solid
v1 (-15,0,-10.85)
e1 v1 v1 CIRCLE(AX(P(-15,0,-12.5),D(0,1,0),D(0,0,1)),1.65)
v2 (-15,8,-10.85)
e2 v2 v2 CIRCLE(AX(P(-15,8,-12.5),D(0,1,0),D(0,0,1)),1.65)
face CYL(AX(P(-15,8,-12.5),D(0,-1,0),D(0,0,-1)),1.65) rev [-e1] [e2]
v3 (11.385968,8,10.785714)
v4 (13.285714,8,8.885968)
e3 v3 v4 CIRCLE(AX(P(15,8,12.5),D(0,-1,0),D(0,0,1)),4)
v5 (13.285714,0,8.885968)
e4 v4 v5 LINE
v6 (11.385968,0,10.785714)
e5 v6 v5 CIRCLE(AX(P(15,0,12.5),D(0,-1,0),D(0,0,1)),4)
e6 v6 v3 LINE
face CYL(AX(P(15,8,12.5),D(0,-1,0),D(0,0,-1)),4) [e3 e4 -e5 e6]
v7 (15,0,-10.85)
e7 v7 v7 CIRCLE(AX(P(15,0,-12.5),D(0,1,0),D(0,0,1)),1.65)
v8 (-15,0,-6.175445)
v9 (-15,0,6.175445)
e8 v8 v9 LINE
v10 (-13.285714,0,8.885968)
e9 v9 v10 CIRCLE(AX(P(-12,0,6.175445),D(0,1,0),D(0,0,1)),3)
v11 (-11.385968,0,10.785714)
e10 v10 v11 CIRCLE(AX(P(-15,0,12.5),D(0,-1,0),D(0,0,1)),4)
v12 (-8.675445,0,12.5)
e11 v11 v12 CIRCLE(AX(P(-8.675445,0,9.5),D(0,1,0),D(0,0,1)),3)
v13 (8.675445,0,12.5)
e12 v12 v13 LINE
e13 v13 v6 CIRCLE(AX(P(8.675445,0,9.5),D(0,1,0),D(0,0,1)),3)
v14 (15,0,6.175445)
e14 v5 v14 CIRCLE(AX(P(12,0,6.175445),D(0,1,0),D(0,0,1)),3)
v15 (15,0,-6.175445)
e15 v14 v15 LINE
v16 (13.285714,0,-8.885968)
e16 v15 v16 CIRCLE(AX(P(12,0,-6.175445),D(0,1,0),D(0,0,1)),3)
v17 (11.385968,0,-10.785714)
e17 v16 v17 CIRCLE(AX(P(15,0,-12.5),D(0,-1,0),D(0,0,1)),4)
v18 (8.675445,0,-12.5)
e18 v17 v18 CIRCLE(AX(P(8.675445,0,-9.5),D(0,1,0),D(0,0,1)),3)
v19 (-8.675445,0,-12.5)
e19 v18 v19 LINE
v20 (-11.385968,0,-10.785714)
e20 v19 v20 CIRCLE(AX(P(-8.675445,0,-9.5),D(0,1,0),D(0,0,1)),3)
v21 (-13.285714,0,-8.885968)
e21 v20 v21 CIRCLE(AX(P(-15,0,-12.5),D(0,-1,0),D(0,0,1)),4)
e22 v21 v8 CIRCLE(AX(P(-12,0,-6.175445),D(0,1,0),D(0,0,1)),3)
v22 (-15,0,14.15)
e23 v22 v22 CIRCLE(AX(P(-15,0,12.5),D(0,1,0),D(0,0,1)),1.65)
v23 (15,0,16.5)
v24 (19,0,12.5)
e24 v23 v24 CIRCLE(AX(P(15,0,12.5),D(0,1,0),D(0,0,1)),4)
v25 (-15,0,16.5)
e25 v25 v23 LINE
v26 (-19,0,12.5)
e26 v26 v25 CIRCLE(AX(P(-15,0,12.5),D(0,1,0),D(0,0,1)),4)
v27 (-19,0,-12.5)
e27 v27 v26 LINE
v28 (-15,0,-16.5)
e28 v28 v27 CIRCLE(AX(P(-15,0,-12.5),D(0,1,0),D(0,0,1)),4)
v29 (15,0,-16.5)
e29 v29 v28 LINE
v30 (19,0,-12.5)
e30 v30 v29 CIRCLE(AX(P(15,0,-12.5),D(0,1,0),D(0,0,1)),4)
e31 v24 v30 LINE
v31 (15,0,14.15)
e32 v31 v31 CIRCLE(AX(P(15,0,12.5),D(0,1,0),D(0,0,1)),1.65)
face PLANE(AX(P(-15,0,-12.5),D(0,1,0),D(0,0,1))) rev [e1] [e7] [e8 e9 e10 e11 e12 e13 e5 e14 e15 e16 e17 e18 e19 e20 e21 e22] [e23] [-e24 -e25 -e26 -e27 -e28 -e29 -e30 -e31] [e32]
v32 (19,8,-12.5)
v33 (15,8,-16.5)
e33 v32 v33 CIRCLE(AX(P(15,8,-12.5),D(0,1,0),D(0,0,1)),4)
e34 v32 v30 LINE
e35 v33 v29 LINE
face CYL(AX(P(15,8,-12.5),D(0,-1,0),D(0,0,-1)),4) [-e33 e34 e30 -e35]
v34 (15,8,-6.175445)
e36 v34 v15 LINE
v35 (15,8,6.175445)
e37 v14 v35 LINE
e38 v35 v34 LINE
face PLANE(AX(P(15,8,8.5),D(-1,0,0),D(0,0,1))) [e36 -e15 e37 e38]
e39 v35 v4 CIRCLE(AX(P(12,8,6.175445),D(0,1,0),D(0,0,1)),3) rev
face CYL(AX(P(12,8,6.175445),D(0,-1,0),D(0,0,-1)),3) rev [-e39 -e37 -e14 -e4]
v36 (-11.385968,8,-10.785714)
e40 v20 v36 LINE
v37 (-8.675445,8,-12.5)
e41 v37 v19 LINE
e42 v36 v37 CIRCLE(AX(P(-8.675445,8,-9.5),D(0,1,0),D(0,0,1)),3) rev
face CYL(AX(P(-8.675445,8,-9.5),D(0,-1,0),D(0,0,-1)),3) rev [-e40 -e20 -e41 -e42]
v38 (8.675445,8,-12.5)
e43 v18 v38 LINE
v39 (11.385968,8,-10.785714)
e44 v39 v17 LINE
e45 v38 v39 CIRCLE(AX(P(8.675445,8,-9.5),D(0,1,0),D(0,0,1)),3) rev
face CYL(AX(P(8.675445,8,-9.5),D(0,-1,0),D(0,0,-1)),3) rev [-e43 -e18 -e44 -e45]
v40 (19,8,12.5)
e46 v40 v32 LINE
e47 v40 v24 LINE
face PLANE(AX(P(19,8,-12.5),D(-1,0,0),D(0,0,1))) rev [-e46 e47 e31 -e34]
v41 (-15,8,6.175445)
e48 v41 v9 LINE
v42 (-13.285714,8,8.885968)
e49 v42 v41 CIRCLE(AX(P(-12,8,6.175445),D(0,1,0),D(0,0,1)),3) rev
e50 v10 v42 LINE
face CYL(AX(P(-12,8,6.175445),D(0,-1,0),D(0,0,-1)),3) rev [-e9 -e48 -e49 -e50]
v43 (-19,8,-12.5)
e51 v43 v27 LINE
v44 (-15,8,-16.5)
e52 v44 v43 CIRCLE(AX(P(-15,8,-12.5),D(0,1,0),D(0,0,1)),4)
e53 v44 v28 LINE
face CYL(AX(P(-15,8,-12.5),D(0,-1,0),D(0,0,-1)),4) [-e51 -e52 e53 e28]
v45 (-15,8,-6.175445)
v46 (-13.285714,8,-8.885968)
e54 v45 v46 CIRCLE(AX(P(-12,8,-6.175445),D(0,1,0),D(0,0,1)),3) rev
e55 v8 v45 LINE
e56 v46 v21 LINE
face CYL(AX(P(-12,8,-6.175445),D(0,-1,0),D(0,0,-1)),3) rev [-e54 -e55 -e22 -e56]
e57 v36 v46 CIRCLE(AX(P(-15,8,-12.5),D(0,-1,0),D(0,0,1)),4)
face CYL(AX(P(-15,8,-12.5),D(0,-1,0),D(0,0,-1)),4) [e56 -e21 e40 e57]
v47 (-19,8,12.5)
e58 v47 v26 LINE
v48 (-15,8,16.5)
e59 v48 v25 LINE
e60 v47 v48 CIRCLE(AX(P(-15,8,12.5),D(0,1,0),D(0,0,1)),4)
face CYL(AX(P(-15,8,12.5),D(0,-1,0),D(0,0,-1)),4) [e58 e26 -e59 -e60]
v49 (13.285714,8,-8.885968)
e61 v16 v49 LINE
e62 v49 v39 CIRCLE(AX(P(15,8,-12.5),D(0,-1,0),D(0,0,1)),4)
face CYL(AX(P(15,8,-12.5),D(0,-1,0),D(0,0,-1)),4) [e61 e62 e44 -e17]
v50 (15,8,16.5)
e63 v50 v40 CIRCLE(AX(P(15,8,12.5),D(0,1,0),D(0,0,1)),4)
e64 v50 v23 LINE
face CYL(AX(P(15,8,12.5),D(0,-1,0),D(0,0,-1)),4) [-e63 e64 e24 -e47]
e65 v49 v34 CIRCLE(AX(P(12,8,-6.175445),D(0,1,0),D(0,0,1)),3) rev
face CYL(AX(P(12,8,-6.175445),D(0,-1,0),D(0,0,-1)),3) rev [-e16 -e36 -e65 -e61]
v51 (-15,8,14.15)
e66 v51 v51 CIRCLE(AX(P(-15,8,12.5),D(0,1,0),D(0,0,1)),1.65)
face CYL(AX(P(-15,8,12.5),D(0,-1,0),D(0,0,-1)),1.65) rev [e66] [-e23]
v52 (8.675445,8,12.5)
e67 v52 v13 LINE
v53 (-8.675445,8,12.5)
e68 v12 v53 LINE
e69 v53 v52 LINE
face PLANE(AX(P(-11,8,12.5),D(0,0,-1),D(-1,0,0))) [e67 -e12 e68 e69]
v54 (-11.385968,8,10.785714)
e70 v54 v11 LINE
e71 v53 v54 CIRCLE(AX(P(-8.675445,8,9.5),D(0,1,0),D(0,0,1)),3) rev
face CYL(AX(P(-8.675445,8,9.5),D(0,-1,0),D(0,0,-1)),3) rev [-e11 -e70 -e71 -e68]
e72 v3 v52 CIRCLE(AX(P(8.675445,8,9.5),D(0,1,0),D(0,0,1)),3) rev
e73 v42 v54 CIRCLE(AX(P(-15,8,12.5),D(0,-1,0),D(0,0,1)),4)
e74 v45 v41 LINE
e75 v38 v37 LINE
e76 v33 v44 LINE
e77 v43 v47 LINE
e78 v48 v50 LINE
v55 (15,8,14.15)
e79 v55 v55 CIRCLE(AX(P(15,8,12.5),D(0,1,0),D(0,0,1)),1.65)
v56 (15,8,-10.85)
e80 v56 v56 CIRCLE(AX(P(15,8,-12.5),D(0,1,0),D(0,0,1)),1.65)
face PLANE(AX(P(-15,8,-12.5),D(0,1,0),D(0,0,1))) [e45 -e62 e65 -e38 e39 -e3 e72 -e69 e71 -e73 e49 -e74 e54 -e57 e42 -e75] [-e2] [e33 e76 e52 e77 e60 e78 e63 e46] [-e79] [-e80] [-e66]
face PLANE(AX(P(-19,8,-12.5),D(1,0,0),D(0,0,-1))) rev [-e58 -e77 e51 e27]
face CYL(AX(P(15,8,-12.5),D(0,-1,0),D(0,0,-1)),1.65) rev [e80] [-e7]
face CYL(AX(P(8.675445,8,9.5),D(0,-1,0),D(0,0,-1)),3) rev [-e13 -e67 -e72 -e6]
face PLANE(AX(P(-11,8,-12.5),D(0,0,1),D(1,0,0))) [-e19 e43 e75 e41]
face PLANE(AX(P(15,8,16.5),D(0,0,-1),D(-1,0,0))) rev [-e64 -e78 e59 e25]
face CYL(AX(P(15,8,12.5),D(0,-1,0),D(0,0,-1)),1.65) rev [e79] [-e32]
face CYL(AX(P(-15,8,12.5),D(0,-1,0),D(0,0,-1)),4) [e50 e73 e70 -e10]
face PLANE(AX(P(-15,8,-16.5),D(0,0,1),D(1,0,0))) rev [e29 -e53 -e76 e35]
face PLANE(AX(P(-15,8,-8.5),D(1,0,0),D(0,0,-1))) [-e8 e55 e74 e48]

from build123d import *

# Parameters (mm, degrees)
SKETCH_1_R      = 1.65
EXTRUDE_1_DEPTH = 8
FILLET_1_R      = 3


with BuildPart() as part:
    # 草图1 → 凸台-拉伸1 (new body)
    with BuildSketch(Plane(origin=(0, 0, 0), x_dir=(1, 0, 0), z_dir=(0, 1, 0))):
        with BuildLine():
            Line((-19, 12.5), (-19, -12.5))
            ThreePointArc((-19, -12.5), (-17.828427125, -15.328427125), (-15, -16.5))
            Line((-15, -16.5), (15, -16.5))
            ThreePointArc((15, -16.5), (17.828427125, -15.328427125), (19, -12.5))
            Line((19, -12.5), (19, 12.5))
            ThreePointArc((19, 12.5), (17.828427125, 15.328427125), (15, 16.5))
            Line((15, 16.5), (-15, 16.5))
            ThreePointArc((-15, 16.5), (-17.828427125, 15.328427125), (-19, 12.5))
        make_face()
        with Locations(Location((-15, 12.5, 0), (0, 0, 270))):
            Circle(SKETCH_1_R, mode=Mode.SUBTRACT)
        with Locations(Location((15, 12.5, 0), (0, 0, 270))):
            Circle(SKETCH_1_R, mode=Mode.SUBTRACT)
        with Locations(Location((-15, -12.5, 0), (0, 0, 270))):
            Circle(SKETCH_1_R, mode=Mode.SUBTRACT)
        with Locations(Location((15, -12.5, 0), (0, 0, 270))):
            Circle(SKETCH_1_R, mode=Mode.SUBTRACT)
        with BuildLine():
            Line((-11, 12.5), (11, 12.5))
            ThreePointArc((11, 12.5), (12.171572875, 9.671572875), (15, 8.5))
            Line((15, 8.5), (15, -8.5))
            ThreePointArc((15, -8.5), (12.171572875, -9.671572875), (11, -12.5))
            Line((11, -12.5), (-11, -12.5))
            ThreePointArc((-11, -12.5), (-12.171572875, -9.671572875), (-15, -8.5))
            Line((-15, -8.5), (-15, 8.5))
            ThreePointArc((-15, 8.5), (-12.171572875, 9.671572875), (-11, 12.5))
        make_face(mode=Mode.SUBTRACT)
    extrude(amount=EXTRUDE_1_DEPTH)

    # 圆角1
    fillet_1_edges = [part.edges().sort_by_distance(p)[0] for p in [
        (-11, 4, -12.5),
        (-15, 4, -8.5),
        (-15, 4, 8.5),
        (-11, 4, 12.5),
        (11, 4, 12.5),
        (15, 4, 8.5),
        (15, 4, -8.5),
        (11, 4, -12.5),
    ]]
    fillet(fillet_1_edges, radius=FILLET_1_R)


solid = part.part
